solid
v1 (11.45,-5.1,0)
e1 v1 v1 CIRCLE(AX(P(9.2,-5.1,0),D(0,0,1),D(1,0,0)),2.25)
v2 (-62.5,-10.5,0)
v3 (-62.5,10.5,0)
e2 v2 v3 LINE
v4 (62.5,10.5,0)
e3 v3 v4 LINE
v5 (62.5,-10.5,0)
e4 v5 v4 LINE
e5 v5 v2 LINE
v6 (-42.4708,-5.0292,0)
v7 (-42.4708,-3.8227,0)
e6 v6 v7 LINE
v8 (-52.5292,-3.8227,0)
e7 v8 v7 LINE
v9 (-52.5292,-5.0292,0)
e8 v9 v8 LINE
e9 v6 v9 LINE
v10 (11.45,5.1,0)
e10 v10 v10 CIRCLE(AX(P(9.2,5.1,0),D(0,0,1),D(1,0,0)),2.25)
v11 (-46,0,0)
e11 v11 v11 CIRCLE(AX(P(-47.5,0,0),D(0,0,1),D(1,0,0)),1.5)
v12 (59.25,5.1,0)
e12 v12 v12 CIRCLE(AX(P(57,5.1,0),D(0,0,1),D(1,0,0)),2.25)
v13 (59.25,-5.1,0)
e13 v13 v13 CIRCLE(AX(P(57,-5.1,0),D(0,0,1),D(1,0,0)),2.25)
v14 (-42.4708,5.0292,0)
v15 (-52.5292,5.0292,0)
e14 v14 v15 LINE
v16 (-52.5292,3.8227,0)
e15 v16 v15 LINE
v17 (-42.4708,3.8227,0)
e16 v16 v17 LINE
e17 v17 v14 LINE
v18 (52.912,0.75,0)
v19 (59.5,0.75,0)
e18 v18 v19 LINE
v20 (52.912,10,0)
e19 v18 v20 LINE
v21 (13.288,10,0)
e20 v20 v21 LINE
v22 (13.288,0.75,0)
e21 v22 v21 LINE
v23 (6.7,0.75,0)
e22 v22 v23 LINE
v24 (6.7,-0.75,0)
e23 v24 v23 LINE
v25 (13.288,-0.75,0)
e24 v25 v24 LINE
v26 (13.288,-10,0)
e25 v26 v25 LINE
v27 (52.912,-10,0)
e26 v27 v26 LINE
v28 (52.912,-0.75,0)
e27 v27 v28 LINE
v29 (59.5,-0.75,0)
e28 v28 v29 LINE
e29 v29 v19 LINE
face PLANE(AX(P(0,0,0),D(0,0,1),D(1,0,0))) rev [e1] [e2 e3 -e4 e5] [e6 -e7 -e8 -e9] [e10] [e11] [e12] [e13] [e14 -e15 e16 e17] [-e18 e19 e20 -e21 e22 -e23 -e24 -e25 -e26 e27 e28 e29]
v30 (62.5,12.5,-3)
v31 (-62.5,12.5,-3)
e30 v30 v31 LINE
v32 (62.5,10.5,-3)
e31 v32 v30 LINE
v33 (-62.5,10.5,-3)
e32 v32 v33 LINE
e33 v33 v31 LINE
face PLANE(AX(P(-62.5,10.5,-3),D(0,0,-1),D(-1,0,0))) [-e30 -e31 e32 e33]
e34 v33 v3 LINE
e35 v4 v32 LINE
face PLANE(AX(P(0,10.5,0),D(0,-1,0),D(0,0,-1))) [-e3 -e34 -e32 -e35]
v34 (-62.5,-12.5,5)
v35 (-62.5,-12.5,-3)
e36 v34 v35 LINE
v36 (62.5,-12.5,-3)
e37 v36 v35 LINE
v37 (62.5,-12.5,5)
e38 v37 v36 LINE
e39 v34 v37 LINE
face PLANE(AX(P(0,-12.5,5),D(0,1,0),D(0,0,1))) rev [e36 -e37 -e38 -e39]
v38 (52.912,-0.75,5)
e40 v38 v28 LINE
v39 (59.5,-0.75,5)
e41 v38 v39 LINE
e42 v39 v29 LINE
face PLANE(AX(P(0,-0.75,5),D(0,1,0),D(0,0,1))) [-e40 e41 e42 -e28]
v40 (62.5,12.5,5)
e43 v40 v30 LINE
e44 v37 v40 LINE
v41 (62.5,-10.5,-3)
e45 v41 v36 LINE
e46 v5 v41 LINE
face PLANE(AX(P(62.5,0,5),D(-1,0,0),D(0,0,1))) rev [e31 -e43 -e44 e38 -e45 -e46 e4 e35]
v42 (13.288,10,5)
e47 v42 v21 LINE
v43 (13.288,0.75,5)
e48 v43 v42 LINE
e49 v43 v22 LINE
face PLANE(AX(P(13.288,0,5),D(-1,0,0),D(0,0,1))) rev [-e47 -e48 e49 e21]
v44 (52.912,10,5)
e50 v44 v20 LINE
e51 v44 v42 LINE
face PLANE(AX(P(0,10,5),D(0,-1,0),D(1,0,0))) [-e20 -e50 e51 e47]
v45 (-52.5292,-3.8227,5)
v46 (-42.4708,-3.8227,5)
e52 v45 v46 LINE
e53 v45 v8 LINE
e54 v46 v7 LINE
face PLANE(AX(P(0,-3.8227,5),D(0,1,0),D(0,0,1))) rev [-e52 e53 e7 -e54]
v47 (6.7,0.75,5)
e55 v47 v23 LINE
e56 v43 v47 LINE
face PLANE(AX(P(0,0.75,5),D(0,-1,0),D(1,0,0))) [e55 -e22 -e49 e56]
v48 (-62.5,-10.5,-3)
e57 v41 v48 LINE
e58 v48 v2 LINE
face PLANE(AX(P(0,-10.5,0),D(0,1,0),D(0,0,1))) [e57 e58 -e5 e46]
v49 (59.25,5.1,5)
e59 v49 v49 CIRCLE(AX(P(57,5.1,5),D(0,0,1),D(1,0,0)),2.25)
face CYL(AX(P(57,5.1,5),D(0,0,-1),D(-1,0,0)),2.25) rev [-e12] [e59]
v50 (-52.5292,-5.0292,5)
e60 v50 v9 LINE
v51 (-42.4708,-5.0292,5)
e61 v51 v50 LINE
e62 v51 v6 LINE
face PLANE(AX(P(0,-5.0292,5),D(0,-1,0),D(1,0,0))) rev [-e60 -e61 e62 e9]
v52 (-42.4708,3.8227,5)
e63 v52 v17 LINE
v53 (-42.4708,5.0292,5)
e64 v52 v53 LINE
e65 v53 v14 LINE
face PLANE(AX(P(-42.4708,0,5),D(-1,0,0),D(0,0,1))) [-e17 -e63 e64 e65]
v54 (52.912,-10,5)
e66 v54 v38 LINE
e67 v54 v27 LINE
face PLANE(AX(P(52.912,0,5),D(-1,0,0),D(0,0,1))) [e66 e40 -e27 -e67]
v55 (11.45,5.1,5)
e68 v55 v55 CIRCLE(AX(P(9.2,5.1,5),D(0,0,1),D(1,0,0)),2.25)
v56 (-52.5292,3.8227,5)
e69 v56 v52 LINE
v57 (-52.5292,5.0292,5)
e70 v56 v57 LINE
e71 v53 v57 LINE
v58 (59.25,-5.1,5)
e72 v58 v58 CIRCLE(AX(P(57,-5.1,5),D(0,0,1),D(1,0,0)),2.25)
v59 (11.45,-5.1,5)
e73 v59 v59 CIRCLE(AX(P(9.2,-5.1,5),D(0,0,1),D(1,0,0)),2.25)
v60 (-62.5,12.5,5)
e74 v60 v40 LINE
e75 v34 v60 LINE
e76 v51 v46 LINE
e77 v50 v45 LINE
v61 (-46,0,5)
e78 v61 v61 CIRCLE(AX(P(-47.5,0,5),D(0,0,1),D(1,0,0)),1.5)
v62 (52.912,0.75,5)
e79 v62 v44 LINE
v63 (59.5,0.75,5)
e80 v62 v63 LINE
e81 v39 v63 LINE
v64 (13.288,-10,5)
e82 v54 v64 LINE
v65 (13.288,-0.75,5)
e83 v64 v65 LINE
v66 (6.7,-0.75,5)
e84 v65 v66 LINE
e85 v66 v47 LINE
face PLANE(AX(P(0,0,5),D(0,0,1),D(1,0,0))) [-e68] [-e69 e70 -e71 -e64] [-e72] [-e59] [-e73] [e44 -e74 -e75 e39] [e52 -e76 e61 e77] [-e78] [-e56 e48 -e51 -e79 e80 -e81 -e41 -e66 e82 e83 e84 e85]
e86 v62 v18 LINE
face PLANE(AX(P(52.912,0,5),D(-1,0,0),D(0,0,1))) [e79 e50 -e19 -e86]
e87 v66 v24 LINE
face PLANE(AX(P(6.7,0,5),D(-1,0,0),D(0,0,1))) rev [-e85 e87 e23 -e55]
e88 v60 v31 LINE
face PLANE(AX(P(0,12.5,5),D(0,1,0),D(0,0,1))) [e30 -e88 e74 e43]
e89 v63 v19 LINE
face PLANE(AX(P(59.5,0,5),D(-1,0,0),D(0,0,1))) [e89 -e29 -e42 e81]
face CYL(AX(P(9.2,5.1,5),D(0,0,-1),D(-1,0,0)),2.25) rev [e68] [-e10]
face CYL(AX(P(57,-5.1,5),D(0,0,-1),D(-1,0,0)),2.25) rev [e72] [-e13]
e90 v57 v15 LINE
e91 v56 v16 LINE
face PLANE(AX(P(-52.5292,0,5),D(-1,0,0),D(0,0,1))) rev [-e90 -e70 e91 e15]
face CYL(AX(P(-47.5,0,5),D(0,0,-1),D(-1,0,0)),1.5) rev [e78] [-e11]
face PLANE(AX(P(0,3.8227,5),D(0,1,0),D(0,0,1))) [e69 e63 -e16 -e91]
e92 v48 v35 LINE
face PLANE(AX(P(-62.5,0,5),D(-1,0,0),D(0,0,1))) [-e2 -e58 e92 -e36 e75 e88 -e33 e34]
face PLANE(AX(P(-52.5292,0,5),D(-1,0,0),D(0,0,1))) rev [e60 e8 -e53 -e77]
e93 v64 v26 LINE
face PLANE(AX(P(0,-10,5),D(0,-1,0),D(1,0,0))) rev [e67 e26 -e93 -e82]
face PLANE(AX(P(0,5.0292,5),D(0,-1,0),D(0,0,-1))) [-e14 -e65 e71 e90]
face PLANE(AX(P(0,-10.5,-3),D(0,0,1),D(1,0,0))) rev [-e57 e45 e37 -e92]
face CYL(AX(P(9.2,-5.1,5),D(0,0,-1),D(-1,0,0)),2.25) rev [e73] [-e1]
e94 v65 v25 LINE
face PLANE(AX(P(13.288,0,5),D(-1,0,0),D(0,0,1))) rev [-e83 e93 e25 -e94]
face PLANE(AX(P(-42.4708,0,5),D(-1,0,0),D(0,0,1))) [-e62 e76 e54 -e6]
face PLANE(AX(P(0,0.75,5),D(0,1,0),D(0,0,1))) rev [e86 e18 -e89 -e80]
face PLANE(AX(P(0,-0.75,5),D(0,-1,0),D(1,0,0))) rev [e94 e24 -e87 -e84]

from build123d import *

# Parameters (mm, degrees)
SKETCH1_W           = 125
SKETCH1_H           = 25
SKETCH1_W_2         = 10.0584
SKETCH1_H_2         = 10.0584
SKETCH1_W_3         = 52.8
SKETCH1_H_3         = 20
SKETCH1_H_4         = 7.6454
SKETCH1_R           = 1.5
SKETCH1_W_4         = 6.588
SKETCH1_H_5         = 9.25
SKETCH1_R_2         = 2.25
BOSS_EXTRUDE1_DEPTH = 5
SKETCH3_W           = 125
SKETCH3_H           = 8
BOSS_EXTRUDE2_DEPTH = 2
BOSS_EXTRUDE3_START = -25
SKETCH3_2_W         = 125
SKETCH3_2_H         = 8
BOSS_EXTRUDE3_DEPTH = 2


with BuildPart() as part:
    # Sketch1 → Boss-Extrude1 (new body)
    with BuildSketch(Plane.XY):
        Rectangle(SKETCH1_W, SKETCH1_H)
        with Locations((-47.5, 0)):
            Rectangle(SKETCH1_W_2, SKETCH1_H_2, mode=Mode.SUBTRACT)
        with Locations((33.1, 0)):
            Rectangle(SKETCH1_W_3, SKETCH1_H_3, mode=Mode.SUBTRACT)
        with Locations((-47.5, 0)):
            Rectangle(SKETCH1_W_2, SKETCH1_H_4)
        with Locations((-47.5, 0)):
            Circle(SKETCH1_R, mode=Mode.SUBTRACT)
        with Locations((56.206, 5.375)):
            Rectangle(SKETCH1_W_4, SKETCH1_H_5)
        with Locations((57, 5.1)):
            Circle(SKETCH1_R_2, mode=Mode.SUBTRACT)
        with Locations((56.206, -5.375)):
            Rectangle(SKETCH1_W_4, SKETCH1_H_5)
        with Locations((57, -5.1)):
            Circle(SKETCH1_R_2, mode=Mode.SUBTRACT)
        with Locations((9.994, -5.375)):
            Rectangle(SKETCH1_W_4, SKETCH1_H_5)
        with Locations((9.2, -5.1)):
            Circle(SKETCH1_R_2, mode=Mode.SUBTRACT)
        with Locations((9.994, 5.375)):
            Rectangle(SKETCH1_W_4, SKETCH1_H_5)
        with Locations((9.2, 5.1)):
            Circle(SKETCH1_R_2, mode=Mode.SUBTRACT)
    extrude(amount=BOSS_EXTRUDE1_DEPTH)

    # Sketch3 → Boss-Extrude2 (add)
    with BuildSketch(Plane(origin=(0, 12.5, 0), x_dir=(1, 0, 0), z_dir=(0, 1, 0))):
        with Locations((0, -1)):
            Rectangle(SKETCH3_W, SKETCH3_H)
    extrude(amount=-BOSS_EXTRUDE2_DEPTH)

    # Sketch3<2> → Boss-Extrude3 (add)
    with BuildSketch(Plane(origin=(0, 12.5, 0), x_dir=(1, 0, 0), z_dir=(0, 1, 0)).offset(BOSS_EXTRUDE3_START)):
        with Locations((0, -1)):
            Rectangle(SKETCH3_2_W, SKETCH3_2_H)
    extrude(amount=BOSS_EXTRUDE3_DEPTH)


solid = part.part
